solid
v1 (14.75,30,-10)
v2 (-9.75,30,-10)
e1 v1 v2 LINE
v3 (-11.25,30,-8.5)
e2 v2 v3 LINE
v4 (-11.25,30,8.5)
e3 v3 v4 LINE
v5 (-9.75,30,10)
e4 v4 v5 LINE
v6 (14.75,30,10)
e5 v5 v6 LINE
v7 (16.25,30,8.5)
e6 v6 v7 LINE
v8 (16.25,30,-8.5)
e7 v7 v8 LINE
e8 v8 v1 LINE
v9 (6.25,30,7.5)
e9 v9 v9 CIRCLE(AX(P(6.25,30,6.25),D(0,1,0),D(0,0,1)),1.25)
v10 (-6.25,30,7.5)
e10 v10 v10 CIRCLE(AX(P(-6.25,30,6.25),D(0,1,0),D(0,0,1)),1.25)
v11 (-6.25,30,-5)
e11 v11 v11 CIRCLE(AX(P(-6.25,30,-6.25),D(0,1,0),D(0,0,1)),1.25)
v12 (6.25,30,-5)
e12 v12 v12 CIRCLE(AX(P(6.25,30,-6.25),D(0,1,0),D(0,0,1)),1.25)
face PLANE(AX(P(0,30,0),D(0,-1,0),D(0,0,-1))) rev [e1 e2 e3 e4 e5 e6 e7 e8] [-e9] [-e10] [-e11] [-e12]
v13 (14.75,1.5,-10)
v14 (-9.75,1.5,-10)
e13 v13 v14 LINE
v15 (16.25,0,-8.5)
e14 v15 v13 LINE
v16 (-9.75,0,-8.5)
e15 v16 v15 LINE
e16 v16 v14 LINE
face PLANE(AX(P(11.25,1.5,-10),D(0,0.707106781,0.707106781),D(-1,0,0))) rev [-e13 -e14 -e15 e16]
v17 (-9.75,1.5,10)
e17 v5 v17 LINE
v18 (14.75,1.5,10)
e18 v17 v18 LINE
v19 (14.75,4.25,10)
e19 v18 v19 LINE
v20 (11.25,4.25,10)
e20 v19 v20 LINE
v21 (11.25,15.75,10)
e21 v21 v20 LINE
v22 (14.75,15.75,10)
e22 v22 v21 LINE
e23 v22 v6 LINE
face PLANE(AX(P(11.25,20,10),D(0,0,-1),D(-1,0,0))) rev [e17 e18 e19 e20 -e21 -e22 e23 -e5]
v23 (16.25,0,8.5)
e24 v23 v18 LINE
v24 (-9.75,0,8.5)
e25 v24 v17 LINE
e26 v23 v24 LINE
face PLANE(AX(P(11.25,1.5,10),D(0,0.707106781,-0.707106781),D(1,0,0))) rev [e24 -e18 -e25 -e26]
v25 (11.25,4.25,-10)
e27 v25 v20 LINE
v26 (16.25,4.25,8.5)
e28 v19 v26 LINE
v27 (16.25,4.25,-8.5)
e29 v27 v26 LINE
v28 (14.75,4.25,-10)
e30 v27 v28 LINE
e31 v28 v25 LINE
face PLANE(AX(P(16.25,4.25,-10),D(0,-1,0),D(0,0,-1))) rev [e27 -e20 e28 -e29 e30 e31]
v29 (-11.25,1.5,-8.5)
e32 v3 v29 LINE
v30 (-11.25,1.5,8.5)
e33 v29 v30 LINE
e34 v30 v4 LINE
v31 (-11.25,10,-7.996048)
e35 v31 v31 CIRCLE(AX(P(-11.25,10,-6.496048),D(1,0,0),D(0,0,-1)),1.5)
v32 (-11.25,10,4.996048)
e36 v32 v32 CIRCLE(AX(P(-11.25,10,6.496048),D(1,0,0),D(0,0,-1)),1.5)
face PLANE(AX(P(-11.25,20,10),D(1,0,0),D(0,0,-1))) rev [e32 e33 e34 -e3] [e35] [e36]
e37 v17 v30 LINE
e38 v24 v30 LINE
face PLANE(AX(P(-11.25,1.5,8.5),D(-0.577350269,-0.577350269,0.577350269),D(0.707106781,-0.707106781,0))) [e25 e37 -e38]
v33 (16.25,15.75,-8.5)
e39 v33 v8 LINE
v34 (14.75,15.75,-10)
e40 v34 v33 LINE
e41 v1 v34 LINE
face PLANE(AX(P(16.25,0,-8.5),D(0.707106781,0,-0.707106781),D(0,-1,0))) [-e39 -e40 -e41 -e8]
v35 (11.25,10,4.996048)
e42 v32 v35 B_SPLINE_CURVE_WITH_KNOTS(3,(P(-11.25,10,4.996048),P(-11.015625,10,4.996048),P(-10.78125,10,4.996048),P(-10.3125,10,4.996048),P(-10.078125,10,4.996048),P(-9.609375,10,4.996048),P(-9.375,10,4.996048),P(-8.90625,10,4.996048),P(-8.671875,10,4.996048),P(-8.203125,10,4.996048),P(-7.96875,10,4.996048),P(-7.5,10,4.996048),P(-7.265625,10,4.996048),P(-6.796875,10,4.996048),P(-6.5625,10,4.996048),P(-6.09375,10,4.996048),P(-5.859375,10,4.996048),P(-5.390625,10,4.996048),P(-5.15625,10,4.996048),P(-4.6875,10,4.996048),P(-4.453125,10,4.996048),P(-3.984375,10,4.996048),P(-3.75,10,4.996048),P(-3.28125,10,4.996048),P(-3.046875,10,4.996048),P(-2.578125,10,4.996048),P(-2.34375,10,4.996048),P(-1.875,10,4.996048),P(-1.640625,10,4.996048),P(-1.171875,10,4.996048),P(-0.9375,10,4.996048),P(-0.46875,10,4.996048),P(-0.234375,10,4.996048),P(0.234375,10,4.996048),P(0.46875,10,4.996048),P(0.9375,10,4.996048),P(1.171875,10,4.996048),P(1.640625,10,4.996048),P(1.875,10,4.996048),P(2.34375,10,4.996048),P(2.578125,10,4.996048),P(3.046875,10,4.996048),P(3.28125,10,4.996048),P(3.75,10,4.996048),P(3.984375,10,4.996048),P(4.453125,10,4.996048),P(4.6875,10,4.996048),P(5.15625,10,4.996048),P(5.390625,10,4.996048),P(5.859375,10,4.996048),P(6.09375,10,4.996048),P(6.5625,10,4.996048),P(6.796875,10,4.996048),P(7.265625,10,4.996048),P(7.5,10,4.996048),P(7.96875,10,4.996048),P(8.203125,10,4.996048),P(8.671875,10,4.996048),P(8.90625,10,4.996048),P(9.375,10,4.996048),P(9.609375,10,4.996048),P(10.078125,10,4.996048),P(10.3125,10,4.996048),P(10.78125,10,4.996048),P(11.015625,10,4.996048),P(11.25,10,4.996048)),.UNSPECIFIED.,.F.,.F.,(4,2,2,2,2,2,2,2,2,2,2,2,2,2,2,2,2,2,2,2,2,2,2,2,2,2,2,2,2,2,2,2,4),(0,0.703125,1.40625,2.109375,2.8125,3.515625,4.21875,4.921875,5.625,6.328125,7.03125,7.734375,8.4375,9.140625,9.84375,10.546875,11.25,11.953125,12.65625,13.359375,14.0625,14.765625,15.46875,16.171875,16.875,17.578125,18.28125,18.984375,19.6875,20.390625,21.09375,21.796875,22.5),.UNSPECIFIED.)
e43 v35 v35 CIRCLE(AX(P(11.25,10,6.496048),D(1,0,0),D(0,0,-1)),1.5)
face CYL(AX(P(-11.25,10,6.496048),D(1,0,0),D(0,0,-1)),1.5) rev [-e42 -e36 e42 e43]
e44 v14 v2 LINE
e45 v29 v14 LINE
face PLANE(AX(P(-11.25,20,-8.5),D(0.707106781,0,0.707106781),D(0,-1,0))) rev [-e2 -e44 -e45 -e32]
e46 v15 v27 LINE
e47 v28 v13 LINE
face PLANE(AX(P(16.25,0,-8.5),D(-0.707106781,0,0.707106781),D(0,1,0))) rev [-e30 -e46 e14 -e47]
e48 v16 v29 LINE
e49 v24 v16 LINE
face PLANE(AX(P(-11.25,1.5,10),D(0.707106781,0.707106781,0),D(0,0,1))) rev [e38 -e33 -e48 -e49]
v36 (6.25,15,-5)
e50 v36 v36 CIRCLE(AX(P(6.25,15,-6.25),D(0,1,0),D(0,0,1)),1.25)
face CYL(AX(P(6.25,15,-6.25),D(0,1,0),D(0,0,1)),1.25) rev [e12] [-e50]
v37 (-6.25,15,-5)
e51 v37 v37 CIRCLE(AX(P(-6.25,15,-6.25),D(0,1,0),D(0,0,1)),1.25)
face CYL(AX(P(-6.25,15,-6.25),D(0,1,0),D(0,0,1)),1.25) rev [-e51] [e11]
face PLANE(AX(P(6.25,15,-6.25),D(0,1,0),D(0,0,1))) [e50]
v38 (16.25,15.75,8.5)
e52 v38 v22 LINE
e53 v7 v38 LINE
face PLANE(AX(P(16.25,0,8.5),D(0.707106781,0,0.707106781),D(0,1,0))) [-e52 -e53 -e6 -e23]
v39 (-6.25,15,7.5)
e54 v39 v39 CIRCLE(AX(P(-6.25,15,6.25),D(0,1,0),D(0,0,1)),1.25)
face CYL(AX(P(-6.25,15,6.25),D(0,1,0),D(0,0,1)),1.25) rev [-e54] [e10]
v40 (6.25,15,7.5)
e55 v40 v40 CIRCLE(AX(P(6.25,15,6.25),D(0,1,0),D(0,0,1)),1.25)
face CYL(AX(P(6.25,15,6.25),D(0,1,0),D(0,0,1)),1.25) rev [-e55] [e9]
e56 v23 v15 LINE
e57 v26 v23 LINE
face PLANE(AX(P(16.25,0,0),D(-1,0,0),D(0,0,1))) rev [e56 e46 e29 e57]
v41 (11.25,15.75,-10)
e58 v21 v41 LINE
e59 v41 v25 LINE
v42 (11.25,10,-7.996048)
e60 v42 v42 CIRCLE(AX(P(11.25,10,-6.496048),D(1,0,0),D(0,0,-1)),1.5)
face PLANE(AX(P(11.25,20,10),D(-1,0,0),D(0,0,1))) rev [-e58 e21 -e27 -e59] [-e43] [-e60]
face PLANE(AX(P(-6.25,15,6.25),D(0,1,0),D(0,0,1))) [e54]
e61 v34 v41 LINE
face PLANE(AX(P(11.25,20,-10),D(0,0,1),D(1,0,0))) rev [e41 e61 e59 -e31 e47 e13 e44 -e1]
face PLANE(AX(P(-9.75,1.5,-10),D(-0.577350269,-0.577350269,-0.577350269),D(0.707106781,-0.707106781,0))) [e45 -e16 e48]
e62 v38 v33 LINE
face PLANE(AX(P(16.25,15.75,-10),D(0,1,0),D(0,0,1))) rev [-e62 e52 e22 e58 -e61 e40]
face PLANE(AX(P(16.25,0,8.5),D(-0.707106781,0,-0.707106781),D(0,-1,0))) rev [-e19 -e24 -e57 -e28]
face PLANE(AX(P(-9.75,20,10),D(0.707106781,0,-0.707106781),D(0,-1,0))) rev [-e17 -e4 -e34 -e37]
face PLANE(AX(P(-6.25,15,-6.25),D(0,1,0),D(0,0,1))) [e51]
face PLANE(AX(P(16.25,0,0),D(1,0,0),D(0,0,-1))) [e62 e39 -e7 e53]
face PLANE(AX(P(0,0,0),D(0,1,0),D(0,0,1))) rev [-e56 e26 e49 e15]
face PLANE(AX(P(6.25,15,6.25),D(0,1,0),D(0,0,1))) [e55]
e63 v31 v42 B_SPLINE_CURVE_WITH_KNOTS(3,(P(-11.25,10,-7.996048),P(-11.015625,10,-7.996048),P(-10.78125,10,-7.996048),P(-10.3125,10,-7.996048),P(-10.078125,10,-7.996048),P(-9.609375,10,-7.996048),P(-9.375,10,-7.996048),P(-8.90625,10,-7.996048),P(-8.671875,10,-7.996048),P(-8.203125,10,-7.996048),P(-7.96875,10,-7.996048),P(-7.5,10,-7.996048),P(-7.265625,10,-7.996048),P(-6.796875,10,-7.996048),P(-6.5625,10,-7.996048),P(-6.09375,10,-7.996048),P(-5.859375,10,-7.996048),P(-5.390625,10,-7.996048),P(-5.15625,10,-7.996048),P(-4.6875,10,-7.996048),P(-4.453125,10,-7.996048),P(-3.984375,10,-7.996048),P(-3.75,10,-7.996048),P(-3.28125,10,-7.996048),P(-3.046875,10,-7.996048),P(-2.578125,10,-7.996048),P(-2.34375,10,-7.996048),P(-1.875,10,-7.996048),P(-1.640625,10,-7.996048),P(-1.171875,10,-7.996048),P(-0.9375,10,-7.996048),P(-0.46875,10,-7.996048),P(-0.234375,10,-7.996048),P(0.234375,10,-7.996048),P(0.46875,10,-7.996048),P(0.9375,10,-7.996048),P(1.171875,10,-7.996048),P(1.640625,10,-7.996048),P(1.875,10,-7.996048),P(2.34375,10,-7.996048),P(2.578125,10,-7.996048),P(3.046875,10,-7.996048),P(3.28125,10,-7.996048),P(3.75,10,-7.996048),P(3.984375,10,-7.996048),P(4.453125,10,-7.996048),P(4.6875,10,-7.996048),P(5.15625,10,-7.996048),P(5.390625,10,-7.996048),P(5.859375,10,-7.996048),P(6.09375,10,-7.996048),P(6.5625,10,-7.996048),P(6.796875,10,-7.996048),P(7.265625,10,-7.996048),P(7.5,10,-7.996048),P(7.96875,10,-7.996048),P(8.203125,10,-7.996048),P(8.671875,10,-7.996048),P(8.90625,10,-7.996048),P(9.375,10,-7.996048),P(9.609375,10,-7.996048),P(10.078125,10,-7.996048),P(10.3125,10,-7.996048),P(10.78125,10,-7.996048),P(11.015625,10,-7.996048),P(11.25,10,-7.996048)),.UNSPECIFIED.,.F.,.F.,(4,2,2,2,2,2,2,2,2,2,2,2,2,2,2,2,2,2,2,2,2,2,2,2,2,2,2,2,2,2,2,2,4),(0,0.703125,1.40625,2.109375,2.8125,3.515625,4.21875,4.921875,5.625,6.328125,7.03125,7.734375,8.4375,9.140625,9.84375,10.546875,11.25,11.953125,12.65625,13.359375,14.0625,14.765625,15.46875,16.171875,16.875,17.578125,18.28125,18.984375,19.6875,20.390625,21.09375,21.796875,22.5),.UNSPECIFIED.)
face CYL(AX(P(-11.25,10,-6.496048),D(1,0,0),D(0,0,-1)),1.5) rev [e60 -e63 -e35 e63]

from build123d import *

# Parameters (mm, degrees)
SKETCH_1_W          = 22.5
SKETCH_1_H          = 20
EXTRUDE_1_DEPTH     = 20
SKETCH_2_W          = 20
SKETCH_2_H          = 4.25
EXTRUDE_2_DEPTH     = 5
SKETCH_3_R          = 1.5
CUT_EXTRUDE_1_DEPTH = 32.721443851
SKETCH_4_W          = 27.5
SKETCH_4_H          = 20
EXTRUDE_3_DEPTH     = 10
SKETCH_5_R          = 1.25
CUT_EXTRUDE_2_DEPTH = 15
CHAMFER_1_SIZE      = 1.5


with BuildPart() as part:
    # 草图1 → 凸台-拉伸1 (new body)
    with BuildSketch(Plane(origin=(0, 0, 0), x_dir=(1, 0, 0), z_dir=(0, 1, 0))):
        Rectangle(SKETCH_1_W, SKETCH_1_H)
    extrude(amount=EXTRUDE_1_DEPTH)

    # 草图2 → 凸台-拉伸2 (add)
    with BuildSketch(Plane(origin=(11.25, 0, 0), x_dir=(0, 0, -1), z_dir=(1, 0, 0))):
        with Locations((0, 17.875)):
            Rectangle(SKETCH_2_W, SKETCH_2_H)
        with Locations((0, 2.125)):
            Rectangle(SKETCH_2_W, SKETCH_2_H)
    extrude(amount=EXTRUDE_2_DEPTH)

    # 草图3 → 切除-拉伸1 (cut, through all)
    with BuildSketch(Plane(origin=(11.25, 0, 0), x_dir=(0, 0, -1), z_dir=(1, 0, 0))):
        with Locations((6.496047989, 10)):
            Circle(SKETCH_3_R)
        with Locations((-6.496047989, 10)):
            Circle(SKETCH_3_R)
    extrude(amount=-CUT_EXTRUDE_1_DEPTH, mode=Mode.SUBTRACT)

    # 草图4 → 凸台-拉伸3 (add)
    with BuildSketch(Plane(origin=(0, 20, 0), x_dir=(1, 0, 0), z_dir=(0, 1, 0))):
        with Locations((2.5, 0)):
            Rectangle(SKETCH_4_W, SKETCH_4_H)
    extrude(amount=EXTRUDE_3_DEPTH)

    # 草图5 → 切除-拉伸2 (cut)
    with BuildSketch(Plane(origin=(0, 30, 0), x_dir=(1, 0, 0), z_dir=(0, 1, 0))):
        with Locations(Location((6.25, 6.25, 0), (0, 0, 270))):
            Circle(SKETCH_5_R)
        with Locations(Location((6.25, -6.25, 0), (0, 0, 270))):
            Circle(SKETCH_5_R)
        with Locations(Location((-6.25, 6.25, 0), (0, 0, 270))):
            Circle(SKETCH_5_R)
        with Locations(Location((-6.25, -6.25, 0), (0, 0, 270))):
            Circle(SKETCH_5_R)
    extrude(amount=-CUT_EXTRUDE_2_DEPTH, mode=Mode.SUBTRACT)

    # 倒角1
    chamfer_1_edges = [part.edges().sort_by_distance(p)[0] for p in [
        (16.25, 22.875, 10),
        (16.25, 22.875, -10),
        (16.25, 2.125, -10),
        (16.25, 2.125, 10),
        (2.5, 0, -10),
        (2.5, 0, 10),
        (-11.25, 0, 0),
        (-11.25, 15, -10),
        (-11.25, 15, 10),
    ]]
    chamfer(chamfer_1_edges, length=CHAMFER_1_SIZE)


solid = part.part
